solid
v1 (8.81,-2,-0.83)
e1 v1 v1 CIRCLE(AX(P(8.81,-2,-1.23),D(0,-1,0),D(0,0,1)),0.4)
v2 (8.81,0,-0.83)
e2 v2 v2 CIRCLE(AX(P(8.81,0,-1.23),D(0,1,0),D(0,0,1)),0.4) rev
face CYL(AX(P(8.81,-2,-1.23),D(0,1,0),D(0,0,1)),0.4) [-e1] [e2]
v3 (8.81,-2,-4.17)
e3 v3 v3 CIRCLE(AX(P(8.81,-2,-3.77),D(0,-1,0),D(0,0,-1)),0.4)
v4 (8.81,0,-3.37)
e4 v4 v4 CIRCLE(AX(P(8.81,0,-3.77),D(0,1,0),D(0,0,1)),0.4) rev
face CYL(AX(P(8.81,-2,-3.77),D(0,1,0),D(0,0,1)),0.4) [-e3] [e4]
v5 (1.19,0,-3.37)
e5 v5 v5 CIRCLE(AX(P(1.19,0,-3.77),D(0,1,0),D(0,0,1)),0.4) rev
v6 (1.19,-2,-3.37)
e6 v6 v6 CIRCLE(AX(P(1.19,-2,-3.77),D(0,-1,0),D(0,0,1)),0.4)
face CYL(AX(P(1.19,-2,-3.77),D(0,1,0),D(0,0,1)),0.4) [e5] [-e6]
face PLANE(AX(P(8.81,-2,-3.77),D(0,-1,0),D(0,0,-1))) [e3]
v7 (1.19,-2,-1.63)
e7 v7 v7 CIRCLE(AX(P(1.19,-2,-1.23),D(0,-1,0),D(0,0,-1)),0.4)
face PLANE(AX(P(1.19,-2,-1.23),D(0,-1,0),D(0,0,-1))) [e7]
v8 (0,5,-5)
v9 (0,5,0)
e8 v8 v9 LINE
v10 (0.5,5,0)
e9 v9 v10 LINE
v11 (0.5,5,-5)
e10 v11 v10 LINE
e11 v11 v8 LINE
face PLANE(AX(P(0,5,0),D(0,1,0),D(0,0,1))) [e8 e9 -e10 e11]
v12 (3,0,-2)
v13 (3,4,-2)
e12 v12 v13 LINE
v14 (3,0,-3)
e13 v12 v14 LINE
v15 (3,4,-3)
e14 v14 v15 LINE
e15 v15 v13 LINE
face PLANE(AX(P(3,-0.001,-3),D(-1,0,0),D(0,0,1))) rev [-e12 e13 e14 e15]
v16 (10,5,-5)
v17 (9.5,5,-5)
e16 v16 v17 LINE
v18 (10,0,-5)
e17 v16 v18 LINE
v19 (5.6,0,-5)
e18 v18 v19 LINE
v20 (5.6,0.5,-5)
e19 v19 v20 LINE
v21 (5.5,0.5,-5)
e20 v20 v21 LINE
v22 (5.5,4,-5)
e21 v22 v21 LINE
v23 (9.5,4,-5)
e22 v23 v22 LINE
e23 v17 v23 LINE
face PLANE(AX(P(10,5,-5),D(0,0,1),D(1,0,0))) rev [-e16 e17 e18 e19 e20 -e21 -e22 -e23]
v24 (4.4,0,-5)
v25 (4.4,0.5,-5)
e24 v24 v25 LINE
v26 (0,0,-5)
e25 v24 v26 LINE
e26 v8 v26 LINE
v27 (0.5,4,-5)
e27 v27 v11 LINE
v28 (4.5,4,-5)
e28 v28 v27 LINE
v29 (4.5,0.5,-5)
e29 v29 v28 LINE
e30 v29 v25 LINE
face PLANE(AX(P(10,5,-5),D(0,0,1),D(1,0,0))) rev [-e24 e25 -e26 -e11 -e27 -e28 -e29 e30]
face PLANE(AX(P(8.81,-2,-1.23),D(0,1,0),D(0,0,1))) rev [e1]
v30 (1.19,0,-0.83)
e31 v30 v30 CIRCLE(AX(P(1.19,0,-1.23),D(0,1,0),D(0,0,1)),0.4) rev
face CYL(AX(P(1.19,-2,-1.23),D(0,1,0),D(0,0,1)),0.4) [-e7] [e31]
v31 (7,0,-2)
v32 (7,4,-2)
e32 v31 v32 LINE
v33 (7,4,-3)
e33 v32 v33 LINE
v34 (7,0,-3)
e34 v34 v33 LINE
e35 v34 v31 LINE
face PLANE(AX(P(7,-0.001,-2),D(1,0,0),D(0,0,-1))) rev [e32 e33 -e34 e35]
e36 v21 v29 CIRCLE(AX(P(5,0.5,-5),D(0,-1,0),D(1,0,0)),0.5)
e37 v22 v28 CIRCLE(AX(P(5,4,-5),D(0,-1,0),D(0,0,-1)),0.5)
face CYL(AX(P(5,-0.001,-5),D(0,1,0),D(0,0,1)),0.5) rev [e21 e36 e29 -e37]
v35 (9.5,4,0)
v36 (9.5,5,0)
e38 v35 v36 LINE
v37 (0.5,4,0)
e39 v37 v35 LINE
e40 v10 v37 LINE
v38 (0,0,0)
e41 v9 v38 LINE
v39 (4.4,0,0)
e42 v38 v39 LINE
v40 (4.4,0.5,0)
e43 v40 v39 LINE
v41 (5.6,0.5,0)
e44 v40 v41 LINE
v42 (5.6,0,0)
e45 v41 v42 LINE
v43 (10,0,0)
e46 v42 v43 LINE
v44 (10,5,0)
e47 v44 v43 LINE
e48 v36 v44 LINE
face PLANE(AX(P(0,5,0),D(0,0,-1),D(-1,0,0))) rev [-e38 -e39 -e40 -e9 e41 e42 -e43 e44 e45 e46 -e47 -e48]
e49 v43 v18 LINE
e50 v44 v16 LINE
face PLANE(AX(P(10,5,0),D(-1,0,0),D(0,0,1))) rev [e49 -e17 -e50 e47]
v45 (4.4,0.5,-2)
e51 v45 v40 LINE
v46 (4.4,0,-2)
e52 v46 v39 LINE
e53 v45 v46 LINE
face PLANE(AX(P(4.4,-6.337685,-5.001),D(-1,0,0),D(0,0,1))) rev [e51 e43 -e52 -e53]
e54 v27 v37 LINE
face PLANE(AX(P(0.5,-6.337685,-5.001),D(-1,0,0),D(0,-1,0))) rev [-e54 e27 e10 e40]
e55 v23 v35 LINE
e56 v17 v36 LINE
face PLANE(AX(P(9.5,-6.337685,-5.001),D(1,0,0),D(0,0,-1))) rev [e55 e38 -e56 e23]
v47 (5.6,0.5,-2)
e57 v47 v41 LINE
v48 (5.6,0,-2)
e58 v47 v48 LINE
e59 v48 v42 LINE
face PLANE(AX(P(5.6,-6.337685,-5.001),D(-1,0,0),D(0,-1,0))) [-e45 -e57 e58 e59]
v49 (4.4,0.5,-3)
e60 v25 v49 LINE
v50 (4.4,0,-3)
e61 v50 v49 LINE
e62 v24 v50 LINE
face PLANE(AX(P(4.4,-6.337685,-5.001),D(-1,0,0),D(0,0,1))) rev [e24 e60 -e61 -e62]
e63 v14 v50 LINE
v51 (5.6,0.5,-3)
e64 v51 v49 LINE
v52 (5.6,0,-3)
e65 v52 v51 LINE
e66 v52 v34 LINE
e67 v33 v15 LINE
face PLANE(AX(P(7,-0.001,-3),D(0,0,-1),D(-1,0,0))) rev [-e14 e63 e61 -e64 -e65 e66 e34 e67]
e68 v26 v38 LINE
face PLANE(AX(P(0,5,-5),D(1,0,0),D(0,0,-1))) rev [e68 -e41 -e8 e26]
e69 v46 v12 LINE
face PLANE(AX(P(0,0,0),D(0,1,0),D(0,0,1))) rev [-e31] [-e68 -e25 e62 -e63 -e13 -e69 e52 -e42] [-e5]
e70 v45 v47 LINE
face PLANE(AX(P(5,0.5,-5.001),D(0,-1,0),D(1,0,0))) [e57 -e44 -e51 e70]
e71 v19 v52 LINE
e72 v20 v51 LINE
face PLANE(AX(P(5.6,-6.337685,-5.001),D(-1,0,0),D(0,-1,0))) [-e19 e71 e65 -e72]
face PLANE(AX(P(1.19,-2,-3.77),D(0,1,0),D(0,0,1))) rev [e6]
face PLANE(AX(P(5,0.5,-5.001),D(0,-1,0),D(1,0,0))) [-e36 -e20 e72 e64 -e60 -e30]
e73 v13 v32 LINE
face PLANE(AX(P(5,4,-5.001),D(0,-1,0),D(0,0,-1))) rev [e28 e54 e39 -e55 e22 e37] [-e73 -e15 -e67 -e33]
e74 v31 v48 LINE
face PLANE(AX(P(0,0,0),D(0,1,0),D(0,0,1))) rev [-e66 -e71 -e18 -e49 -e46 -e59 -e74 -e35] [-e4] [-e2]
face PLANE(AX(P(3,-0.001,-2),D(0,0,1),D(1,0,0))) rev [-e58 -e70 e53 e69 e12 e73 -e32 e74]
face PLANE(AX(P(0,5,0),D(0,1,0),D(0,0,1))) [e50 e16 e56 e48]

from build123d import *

# Parameters (mm, degrees)
SKETCH_1_W          = 10
SKETCH_1_H          = 5
EXTRUDE_1_DEPTH     = 5
CUT_EXTRUDE_1_REACH = 14.247
SKETCH_2_R          = 0.5
CUT_EXTRUDE_2_REACH = 14.247
SKETCH_4_W          = 4.5
SKETCH_4_H          = 1
SKETCH_4_W_2        = 0.6
SKETCH_4_H_2        = 0.5
CUT_EXTRUDE_3_REACH = 13.874
SKETCH_5_W          = 4
SKETCH_5_H          = 1
SKETCH_6_R          = 0.4
EXTRUDE_2_DEPTH     = 2


with BuildPart() as part:
    # 草图1 → 凸台-拉伸1 (new body)
    with BuildSketch(Plane(origin=(0, 0, 0), x_dir=(1, 0, 0), z_dir=(0, 1, 0))):
        with Locations((5, 2.5)):
            Rectangle(SKETCH_1_W, SKETCH_1_H)
    extrude(amount=EXTRUDE_1_DEPTH)

    # 草图2 → 切除-拉伸1 (cut, up to next)
    with BuildSketch(Plane(origin=(0, 5, 0), x_dir=(-1, 0, 0), z_dir=(0, 1, 0)), mode=Mode.PRIVATE) as cut_extrude_1_sk1:
        with Locations((-5, -5)):
            Circle(SKETCH_2_R)
    cut_extrude_1_tool1 = extrude(cut_extrude_1_sk1.sketch, amount=-CUT_EXTRUDE_1_REACH, mode=Mode.PRIVATE) & part.part
    add(cut_extrude_1_tool1.solids().sort_by_distance((5, 5, -5))[0], mode=Mode.SUBTRACT)

    # 草图4 → 切除-拉伸2 (cut, up to next)
    with BuildSketch(Plane.XY, mode=Mode.PRIVATE) as cut_extrude_2_sk1:
        with Locations((2.75, 4.5)):
            Rectangle(SKETCH_4_W, SKETCH_4_H)
    cut_extrude_2_tool1 = extrude(cut_extrude_2_sk1.sketch, amount=-CUT_EXTRUDE_2_REACH, mode=Mode.PRIVATE) & part.part
    # 草图4 → 切除-拉伸2 (cut, up to next)
    with BuildSketch(Plane.XY, mode=Mode.PRIVATE) as cut_extrude_2_sk2:
        with Locations((7.25, 4.5)):
            Rectangle(SKETCH_4_W, SKETCH_4_H)
    cut_extrude_2_tool2 = extrude(cut_extrude_2_sk2.sketch, amount=-CUT_EXTRUDE_2_REACH, mode=Mode.PRIVATE) & part.part
    # 草图4 → 切除-拉伸2 (cut, up to next)
    with BuildSketch(Plane.XY, mode=Mode.PRIVATE) as cut_extrude_2_sk3:
        with Locations((4.7, 0.25)):
            Rectangle(SKETCH_4_W_2, SKETCH_4_H_2)
    cut_extrude_2_tool3 = extrude(cut_extrude_2_sk3.sketch, amount=-CUT_EXTRUDE_2_REACH, mode=Mode.PRIVATE) & part.part
    # 草图4 → 切除-拉伸2 (cut, up to next)
    with BuildSketch(Plane.XY, mode=Mode.PRIVATE) as cut_extrude_2_sk4:
        with Locations((5.3, 0.25)):
            Rectangle(SKETCH_4_W_2, SKETCH_4_H_2)
    cut_extrude_2_tool4 = extrude(cut_extrude_2_sk4.sketch, amount=-CUT_EXTRUDE_2_REACH, mode=Mode.PRIVATE) & part.part
    add(cut_extrude_2_tool1.solids().sort_by_distance((2.75, 4.5, 0))[0], mode=Mode.SUBTRACT)
    add(cut_extrude_2_tool2.solids().sort_by_distance((7.25, 4.5, 0))[0], mode=Mode.SUBTRACT)
    add(cut_extrude_2_tool3.solids().sort_by_distance((4.7, 0.25, 0))[0], mode=Mode.SUBTRACT)
    add(cut_extrude_2_tool4.solids().sort_by_distance((5.3, 0.25, 0))[0], mode=Mode.SUBTRACT)

    # 草图5 → 切除-拉伸3 (cut, up to next)
    with BuildSketch(Plane(origin=(0, 4, 0), x_dir=(1, 0, 0), z_dir=(0, 1, 0)), mode=Mode.PRIVATE) as cut_extrude_3_sk1:
        with Locations((5, 2.5)):
            Rectangle(SKETCH_5_W, SKETCH_5_H)
    cut_extrude_3_tool1 = extrude(cut_extrude_3_sk1.sketch, amount=-CUT_EXTRUDE_3_REACH, mode=Mode.PRIVATE) & part.part
    add(cut_extrude_3_tool1.solids().sort_by_distance((5, 4, -2.5))[0], mode=Mode.SUBTRACT)

    # 草图6 → 凸台-拉伸2 (add)
    with BuildSketch(Plane.XZ):
        with Locations(Location((1.19, -1.23, 0), (0, 0, 90))):
            Circle(SKETCH_6_R)
        with Locations(Location((1.19, -3.77, 0), (0, 0, 90))):
            Circle(SKETCH_6_R)
        with Locations(Location((8.81, -3.77, 0), (0, 0, 90))):
            Circle(SKETCH_6_R)
        with Locations(Location((8.81, -1.23, 0), (0, 0, 90))):
            Circle(SKETCH_6_R)
    extrude(amount=EXTRUDE_2_DEPTH)


solid = part.part
